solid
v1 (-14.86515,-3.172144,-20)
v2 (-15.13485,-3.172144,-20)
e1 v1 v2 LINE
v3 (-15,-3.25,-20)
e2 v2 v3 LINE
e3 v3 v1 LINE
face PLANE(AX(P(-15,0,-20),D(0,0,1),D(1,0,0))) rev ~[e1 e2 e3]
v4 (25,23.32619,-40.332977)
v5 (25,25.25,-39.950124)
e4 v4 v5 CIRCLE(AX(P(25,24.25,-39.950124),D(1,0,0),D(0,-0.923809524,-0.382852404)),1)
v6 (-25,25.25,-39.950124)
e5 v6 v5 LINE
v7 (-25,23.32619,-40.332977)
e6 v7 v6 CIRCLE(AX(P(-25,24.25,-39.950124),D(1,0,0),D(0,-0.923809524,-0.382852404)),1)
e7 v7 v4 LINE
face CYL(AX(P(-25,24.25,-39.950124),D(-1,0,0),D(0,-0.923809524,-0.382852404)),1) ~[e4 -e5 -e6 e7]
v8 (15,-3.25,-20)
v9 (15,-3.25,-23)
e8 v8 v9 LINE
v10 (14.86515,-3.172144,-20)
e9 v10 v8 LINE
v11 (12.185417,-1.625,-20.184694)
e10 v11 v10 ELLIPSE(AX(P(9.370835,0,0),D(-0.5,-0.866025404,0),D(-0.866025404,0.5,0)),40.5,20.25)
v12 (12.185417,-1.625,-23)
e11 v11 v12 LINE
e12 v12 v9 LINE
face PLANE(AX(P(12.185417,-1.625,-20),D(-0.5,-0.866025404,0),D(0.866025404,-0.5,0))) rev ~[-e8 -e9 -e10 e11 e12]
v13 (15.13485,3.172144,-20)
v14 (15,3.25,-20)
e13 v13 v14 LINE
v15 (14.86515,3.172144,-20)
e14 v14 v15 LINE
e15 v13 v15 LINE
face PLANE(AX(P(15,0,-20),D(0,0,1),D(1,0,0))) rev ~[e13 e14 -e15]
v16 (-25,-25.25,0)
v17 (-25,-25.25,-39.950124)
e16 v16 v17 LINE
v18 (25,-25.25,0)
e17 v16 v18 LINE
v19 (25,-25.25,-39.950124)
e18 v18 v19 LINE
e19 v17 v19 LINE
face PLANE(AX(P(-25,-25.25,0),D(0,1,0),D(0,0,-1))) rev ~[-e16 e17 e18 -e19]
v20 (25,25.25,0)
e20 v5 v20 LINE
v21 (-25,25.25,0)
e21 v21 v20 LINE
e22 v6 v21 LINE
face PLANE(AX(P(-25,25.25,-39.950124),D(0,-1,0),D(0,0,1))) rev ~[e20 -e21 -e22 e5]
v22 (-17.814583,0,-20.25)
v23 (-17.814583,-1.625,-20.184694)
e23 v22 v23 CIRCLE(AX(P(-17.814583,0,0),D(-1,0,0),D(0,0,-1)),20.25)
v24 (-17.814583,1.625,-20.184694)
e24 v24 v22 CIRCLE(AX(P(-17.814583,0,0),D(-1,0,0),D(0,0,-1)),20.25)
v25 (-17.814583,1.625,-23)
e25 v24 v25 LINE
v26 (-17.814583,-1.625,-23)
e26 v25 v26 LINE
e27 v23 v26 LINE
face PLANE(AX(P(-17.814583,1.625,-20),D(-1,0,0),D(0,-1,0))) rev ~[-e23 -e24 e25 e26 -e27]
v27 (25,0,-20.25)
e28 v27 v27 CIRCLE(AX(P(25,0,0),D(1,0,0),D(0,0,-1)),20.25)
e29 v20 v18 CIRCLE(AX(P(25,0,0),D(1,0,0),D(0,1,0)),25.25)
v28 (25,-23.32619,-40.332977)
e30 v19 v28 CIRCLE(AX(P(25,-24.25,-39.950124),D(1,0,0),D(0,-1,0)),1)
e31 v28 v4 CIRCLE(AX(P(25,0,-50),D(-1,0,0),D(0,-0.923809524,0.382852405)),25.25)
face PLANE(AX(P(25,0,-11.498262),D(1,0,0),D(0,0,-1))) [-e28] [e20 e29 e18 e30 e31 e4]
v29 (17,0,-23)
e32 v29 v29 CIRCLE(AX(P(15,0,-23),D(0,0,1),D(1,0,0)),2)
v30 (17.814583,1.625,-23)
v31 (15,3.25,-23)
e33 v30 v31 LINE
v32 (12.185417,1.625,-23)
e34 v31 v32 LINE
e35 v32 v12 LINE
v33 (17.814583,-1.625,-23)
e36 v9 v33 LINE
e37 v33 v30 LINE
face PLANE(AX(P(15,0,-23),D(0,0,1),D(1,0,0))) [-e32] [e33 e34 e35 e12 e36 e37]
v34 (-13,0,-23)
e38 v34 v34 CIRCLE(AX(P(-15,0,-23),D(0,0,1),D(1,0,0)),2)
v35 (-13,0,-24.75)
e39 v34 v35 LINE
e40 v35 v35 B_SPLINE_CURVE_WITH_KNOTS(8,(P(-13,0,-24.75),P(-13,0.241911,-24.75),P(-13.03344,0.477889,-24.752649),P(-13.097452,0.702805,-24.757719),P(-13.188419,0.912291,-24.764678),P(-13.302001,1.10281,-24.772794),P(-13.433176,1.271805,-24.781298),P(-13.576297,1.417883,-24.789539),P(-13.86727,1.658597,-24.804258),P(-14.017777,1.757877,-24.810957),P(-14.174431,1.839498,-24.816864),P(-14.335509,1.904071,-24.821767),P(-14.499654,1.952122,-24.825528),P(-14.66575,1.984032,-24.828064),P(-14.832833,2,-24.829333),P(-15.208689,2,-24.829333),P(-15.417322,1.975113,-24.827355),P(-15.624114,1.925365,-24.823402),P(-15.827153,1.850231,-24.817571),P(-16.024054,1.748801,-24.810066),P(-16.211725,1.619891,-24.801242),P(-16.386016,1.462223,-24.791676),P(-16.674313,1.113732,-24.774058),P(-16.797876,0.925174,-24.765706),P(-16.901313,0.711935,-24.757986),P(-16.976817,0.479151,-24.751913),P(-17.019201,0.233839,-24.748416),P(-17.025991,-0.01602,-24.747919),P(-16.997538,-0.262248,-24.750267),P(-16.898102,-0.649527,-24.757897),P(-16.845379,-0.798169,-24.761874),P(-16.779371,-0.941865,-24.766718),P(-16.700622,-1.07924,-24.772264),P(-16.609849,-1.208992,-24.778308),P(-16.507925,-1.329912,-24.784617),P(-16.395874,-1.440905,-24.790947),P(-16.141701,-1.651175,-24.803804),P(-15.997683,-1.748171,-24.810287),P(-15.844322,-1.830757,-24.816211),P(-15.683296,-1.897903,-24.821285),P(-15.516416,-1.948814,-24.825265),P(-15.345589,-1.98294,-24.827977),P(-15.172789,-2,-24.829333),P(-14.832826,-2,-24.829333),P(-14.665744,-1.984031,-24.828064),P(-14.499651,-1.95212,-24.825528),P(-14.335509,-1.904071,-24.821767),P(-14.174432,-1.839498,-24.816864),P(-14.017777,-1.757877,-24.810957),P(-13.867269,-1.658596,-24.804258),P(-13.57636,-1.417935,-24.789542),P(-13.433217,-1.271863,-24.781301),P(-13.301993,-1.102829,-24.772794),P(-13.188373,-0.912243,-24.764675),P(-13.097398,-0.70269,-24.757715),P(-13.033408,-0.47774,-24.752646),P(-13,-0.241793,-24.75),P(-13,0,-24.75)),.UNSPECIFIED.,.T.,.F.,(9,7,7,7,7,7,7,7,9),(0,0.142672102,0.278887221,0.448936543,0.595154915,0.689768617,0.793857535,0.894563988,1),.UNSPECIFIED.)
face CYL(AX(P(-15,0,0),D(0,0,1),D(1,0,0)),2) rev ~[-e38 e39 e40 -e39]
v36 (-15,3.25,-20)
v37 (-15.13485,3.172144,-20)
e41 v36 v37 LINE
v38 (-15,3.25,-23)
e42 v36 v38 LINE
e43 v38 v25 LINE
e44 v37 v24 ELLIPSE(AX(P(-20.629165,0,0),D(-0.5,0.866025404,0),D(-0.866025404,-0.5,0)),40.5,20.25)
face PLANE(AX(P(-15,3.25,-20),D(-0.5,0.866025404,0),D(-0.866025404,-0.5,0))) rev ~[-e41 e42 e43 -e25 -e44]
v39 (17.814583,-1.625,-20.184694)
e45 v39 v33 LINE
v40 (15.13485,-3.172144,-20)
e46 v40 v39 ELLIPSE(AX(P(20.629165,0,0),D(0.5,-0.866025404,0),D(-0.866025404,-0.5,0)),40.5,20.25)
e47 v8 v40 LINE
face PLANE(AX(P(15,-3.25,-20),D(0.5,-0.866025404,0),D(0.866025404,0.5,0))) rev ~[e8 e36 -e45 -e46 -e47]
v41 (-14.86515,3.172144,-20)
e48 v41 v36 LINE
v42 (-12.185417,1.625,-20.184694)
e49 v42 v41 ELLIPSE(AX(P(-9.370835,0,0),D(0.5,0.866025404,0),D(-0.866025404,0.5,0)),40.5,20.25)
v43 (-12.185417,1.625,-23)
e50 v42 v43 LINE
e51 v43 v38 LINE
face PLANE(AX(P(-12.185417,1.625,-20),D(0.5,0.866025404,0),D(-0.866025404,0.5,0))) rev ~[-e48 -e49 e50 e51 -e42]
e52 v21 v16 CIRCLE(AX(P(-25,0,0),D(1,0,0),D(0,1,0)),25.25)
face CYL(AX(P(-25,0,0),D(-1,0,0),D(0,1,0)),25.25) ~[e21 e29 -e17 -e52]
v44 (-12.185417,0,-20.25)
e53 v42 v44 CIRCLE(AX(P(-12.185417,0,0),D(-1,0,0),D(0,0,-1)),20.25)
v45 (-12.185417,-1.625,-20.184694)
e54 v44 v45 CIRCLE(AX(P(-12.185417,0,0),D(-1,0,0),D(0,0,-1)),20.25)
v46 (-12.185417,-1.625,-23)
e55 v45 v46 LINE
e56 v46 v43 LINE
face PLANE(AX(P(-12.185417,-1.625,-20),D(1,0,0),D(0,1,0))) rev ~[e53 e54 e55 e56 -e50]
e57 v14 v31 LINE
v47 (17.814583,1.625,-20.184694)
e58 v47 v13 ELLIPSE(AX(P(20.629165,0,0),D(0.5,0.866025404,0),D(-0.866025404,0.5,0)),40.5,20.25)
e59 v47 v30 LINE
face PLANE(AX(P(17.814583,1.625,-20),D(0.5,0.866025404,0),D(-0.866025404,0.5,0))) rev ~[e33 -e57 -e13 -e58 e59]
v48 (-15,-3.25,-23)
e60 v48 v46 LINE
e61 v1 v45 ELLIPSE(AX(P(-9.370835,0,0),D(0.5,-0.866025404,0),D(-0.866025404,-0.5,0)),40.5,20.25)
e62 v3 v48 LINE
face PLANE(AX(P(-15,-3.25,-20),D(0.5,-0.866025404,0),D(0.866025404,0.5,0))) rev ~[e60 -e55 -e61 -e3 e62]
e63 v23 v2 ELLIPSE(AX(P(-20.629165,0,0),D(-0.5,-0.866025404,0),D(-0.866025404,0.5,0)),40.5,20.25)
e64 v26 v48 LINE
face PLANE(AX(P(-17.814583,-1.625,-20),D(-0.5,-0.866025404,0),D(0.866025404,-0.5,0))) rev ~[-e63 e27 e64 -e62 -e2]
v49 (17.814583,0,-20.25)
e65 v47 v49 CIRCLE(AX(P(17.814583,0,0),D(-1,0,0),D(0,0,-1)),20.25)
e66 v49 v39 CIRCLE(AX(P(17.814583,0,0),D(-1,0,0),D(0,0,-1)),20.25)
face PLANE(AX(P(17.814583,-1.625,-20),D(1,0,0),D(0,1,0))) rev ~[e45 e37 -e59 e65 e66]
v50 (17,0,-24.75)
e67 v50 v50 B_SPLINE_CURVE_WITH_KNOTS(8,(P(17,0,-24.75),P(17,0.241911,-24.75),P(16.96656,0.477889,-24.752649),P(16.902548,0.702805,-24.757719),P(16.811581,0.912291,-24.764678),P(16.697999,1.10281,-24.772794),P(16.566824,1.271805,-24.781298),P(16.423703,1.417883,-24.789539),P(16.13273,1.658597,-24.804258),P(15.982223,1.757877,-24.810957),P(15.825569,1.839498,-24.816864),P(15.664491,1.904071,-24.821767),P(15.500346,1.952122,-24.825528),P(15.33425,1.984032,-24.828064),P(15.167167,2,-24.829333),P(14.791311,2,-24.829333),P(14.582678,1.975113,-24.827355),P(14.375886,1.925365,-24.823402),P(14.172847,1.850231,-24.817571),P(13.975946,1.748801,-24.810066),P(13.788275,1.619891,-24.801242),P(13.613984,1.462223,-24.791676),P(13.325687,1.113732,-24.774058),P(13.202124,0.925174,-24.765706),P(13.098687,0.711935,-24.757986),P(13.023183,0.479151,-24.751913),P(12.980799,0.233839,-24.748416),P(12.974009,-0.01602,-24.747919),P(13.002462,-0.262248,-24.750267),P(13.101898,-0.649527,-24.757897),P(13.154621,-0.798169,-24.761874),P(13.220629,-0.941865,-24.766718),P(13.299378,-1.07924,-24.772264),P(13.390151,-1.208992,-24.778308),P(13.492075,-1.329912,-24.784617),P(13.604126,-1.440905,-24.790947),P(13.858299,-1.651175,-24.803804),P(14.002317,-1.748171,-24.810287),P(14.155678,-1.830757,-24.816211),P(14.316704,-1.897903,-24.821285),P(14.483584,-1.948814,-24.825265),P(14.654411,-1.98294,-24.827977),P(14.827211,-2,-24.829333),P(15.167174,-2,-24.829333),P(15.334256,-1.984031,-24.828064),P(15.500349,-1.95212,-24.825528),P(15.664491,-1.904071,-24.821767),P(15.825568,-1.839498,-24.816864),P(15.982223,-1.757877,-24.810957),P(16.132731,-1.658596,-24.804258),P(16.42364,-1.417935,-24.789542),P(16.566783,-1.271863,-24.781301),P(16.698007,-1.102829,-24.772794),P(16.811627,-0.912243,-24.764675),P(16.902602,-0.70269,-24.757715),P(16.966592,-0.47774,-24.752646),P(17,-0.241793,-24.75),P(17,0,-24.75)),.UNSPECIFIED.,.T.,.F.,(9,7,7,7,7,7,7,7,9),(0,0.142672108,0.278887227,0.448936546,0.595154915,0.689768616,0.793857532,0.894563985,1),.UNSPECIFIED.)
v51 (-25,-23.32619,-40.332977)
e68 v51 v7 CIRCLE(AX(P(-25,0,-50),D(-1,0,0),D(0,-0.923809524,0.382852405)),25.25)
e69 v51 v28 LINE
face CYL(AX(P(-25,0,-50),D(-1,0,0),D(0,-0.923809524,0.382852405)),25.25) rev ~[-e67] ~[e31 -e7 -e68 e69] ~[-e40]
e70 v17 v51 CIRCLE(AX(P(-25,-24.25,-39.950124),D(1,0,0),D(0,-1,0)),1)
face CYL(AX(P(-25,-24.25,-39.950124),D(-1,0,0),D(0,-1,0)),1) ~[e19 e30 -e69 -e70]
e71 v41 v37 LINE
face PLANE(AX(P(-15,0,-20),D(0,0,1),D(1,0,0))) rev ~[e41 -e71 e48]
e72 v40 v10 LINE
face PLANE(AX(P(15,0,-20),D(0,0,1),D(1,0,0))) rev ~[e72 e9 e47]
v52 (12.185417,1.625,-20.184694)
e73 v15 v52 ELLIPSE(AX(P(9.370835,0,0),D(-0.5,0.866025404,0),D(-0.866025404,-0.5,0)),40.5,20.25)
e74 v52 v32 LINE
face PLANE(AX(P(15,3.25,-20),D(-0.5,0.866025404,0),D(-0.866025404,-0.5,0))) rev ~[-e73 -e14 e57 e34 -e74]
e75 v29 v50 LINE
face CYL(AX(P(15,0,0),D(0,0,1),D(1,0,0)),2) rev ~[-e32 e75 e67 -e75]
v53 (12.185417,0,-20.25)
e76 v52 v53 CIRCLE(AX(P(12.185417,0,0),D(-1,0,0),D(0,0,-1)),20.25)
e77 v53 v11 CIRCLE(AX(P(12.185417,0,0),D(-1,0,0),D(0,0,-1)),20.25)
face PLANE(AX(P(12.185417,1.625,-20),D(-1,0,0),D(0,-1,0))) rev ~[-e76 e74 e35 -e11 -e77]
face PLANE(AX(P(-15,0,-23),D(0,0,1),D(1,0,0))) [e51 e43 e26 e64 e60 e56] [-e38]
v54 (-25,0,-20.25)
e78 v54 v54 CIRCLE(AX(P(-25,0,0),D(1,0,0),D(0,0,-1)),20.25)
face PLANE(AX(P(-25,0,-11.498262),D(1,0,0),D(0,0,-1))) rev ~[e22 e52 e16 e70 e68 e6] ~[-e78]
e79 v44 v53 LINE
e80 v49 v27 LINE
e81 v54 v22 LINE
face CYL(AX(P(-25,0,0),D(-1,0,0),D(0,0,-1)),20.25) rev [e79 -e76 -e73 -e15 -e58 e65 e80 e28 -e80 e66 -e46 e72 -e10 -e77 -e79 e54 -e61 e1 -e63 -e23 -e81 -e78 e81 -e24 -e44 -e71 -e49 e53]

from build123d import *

# Parameters (mm, degrees)
EXTRUDE_1_DEPTH      = 25
EXTRUDE_1_DEPTH_BACK = 25
SKETCH_1_R           = 20.25
SKETCH_2_R           = 2
CUT_EXTRUDE_1_DEPTH  = 41
CUT_EXTRUDE_2_DEPTH  = 3


with BuildPart() as part:
    # 草图1 → 凸台-拉伸1 (new, two sides: drawn at the far end of the back side and taken through both)
    with BuildSketch(Plane(origin=(0, 0, 0), x_dir=(0, 0, -1), z_dir=(1, 0, 0)).offset(-EXTRUDE_1_DEPTH_BACK)):
        with BuildLine():
            Line((39.950124379, 25.25), (0, 25.25))
            ThreePointArc((0, 25.25), (-25.25, 0), (0, -25.25))
            Line((0, -25.25), (39.950124379, -25.25))
            ThreePointArc((39.950124379, -25.25), (40.930891814, -24.445180015), (40.332976783, -23.326190476))
            ThreePointArc((40.332976783, -23.326190476), (24.75, 0), (40.332976783, 23.326190476))
            ThreePointArc((40.332976783, 23.326190476), (40.930891814, 24.445180015), (39.950124379, 25.25))
        make_face()
        Circle(SKETCH_1_R, mode=Mode.SUBTRACT)
    extrude(amount=EXTRUDE_1_DEPTH + EXTRUDE_1_DEPTH_BACK)

    # 草图2 → 切除-拉伸1 (cut)
    with BuildSketch(Plane.XY):
        with Locations((-15, 0)):
            Circle(SKETCH_2_R)
        with Locations((15, 0)):
            Circle(SKETCH_2_R)
    extrude(amount=-CUT_EXTRUDE_1_DEPTH, mode=Mode.SUBTRACT)

    # 草图3 → 切除-拉伸2 (cut)
    with BuildSketch(Plane.XY.offset(-20)):
        Polygon((-15, 3.25), (-17.814582562, 1.625), (-17.814582562, -1.625), (-15, -3.25), (-12.185417438, -1.625), (-12.185417438, 1.625), align=None)
        Polygon((15, 3.25), (12.185417438, 1.625), (12.185417438, -1.625), (15, -3.25), (17.814582562, -1.625), (17.814582562, 1.625), align=None)
    extrude(amount=-CUT_EXTRUDE_2_DEPTH, mode=Mode.SUBTRACT)


solid = part.part
